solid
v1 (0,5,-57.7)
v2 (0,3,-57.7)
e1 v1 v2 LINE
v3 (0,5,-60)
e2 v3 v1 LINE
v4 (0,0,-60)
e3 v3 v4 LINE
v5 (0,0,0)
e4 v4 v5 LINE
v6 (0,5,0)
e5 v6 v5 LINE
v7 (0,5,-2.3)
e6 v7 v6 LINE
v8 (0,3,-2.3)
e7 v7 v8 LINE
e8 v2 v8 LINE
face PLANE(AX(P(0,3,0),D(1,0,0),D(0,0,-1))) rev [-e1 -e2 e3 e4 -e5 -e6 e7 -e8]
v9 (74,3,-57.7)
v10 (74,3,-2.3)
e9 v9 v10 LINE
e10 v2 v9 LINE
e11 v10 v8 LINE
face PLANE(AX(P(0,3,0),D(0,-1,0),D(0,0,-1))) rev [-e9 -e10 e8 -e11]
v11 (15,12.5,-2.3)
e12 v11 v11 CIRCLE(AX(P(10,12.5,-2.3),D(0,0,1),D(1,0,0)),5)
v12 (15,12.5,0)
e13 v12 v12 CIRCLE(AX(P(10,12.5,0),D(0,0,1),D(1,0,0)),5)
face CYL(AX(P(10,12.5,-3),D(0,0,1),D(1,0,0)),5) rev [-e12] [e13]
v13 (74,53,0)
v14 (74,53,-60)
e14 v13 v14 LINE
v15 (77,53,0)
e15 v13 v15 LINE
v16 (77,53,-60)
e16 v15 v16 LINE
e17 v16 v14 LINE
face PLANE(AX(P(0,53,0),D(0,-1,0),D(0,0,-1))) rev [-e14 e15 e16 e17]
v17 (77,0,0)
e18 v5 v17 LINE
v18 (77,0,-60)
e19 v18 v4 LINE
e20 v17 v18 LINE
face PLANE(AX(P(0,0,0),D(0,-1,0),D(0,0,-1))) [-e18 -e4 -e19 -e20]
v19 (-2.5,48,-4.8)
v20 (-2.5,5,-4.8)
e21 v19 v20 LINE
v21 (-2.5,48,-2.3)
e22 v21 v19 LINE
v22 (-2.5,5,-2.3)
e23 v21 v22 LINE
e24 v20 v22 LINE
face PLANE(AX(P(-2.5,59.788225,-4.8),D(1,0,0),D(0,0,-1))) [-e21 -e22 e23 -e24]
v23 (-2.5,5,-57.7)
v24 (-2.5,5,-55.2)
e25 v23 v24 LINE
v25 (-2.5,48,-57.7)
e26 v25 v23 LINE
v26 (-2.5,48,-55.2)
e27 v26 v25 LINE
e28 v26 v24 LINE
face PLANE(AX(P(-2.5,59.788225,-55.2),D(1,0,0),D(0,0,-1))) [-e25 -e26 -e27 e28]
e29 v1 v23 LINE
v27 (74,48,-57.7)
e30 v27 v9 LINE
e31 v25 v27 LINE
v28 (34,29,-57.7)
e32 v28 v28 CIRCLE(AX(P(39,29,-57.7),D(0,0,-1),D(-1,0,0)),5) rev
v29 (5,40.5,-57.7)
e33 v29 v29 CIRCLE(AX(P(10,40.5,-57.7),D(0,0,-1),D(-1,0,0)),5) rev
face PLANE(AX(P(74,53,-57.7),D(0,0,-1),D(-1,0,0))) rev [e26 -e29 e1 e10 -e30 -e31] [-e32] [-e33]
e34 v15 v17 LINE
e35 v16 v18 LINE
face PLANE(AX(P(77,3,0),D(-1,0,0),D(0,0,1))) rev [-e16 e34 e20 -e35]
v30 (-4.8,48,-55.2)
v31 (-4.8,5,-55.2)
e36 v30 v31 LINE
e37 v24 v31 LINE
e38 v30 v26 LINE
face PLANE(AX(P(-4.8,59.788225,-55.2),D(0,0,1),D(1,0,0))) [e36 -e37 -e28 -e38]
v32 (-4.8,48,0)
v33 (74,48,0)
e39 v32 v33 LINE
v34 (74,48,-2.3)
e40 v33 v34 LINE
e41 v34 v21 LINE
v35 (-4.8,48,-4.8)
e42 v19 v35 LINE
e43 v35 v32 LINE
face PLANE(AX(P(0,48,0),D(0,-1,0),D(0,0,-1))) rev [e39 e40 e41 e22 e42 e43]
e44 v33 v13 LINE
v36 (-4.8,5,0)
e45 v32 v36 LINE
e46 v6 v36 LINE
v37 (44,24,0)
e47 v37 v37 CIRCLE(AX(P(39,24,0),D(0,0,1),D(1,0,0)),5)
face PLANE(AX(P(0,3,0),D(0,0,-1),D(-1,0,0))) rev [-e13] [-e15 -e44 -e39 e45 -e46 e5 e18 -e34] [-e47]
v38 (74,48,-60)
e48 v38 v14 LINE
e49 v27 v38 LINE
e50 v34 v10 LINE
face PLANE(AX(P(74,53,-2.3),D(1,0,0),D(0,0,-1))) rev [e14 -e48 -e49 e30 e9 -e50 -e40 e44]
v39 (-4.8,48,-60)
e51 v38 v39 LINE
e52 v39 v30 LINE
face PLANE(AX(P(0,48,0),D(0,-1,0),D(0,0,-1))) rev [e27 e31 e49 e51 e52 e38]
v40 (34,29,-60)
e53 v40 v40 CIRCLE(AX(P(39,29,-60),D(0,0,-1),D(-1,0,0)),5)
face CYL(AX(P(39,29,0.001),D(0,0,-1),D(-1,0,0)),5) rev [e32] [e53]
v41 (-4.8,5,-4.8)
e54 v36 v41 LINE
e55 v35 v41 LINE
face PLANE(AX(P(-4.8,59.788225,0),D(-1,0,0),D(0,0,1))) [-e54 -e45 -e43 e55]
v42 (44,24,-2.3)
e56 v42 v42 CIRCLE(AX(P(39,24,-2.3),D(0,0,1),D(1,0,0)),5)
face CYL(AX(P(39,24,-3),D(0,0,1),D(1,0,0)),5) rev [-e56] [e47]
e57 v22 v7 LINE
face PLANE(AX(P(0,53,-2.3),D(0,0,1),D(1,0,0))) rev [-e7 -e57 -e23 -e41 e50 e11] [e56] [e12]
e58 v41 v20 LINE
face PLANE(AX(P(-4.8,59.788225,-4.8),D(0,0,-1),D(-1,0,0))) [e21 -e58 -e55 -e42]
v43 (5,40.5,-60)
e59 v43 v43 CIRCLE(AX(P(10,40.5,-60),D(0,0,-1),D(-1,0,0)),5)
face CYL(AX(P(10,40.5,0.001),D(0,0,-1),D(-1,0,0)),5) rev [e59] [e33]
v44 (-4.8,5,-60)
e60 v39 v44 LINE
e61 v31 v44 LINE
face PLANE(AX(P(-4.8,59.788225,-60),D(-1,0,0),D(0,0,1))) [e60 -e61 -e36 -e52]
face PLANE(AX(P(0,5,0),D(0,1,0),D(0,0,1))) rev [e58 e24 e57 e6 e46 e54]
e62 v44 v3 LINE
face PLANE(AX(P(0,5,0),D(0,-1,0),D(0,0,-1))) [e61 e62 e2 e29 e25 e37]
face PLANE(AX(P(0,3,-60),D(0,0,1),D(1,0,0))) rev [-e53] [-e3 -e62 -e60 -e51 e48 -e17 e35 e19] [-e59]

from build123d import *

# Parameters (mm, degrees)
ESQUISSE1_W             = 77
ESQUISSE1_H             = 60
BOSS_EXTRU_1_DEPTH      = 3
BOSS_EXTRU_2_DEPTH      = 50
ESQUISSE3_W             = 55.4
ESQUISSE3_H             = 3
BOSS_EXTRU_3_DEPTH      = 74
ENL_V_MAT_EXTRU_2_REACH = 113.077
ESQUISSE5_R             = 5
BOSS_EXTRU_5_DEPTH      = 48
ENL_V_MAT_EXTRU_3_REACH = 113.077
ESQUISSE8_W             = 5
ESQUISSE8_H             = 10
ENL_V_MAT_EXTRU_4_DEPTH = 5
ESQUISSE10_R            = 5
ENL_V_MAT_EXTRU_5_DEPTH = 3
ESQUISSE11_W            = 74
ESQUISSE11_H            = 60
ENL_V_MAT_EXTRU_6_DEPTH = 5


with BuildPart() as part:
    # Esquisse1 → Boss.-Extru.1 (new body)
    with BuildSketch(Plane(origin=(0, 0, 0), x_dir=(1, 0, 0), z_dir=(0, 1, 0))):
        with Locations((38.5, 30)):
            Rectangle(ESQUISSE1_W, ESQUISSE1_H)
    extrude(amount=BOSS_EXTRU_1_DEPTH)

    # Esquisse2 → Boss.-Extru.2 (add)
    with BuildSketch(Plane(origin=(0, 3, 0), x_dir=(1, 0, 0), z_dir=(0, 1, 0))):
        Polygon((0, 60), (77, 60), (77, 0), (0, 0), (0, 2.3), (74, 2.3), (74, 57.7), (0, 57.7), align=None)
    extrude(amount=BOSS_EXTRU_2_DEPTH)

    # Esquisse3 → Boss.-Extru.3 (add)
    with BuildSketch(Plane.ZY.offset(-74)):
        with Locations((-30, 51.5)):
            Rectangle(ESQUISSE3_W, ESQUISSE3_H)
    extrude(amount=BOSS_EXTRU_3_DEPTH)

    # Esquisse5 → Enlèv. mat.-Extru.2 (cut, up to next)
    with BuildSketch(Plane(origin=(0, 0, -60), x_dir=(-1, 0, 0), z_dir=(0, 0, -1)), mode=Mode.PRIVATE) as enl_v_mat_extru_2_sk1:
        with Locations((-39, 29)):
            Circle(ESQUISSE5_R)
    enl_v_mat_extru_2_tool1 = extrude(enl_v_mat_extru_2_sk1.sketch, amount=-ENL_V_MAT_EXTRU_2_REACH, mode=Mode.PRIVATE) & part.part
    # Esquisse5 → Enlèv. mat.-Extru.2 (cut, up to next)
    with BuildSketch(Plane(origin=(0, 0, -60), x_dir=(-1, 0, 0), z_dir=(0, 0, -1)), mode=Mode.PRIVATE) as enl_v_mat_extru_2_sk2:
        with Locations((-10, 40.5)):
            Circle(ESQUISSE5_R)
    enl_v_mat_extru_2_tool2 = extrude(enl_v_mat_extru_2_sk2.sketch, amount=-ENL_V_MAT_EXTRU_2_REACH, mode=Mode.PRIVATE) & part.part
    add(enl_v_mat_extru_2_tool1.solids().sort_by_distance((39, 29, -60))[0], mode=Mode.SUBTRACT)
    add(enl_v_mat_extru_2_tool2.solids().sort_by_distance((10, 40.5, -60))[0], mode=Mode.SUBTRACT)

    # Esquisse7 → Boss.-Extru.5 (add)
    with BuildSketch(Plane.XZ):
        Polygon((0, 0), (-4.8, 0), (-4.8, -4.8), (-2.5, -4.8), (-2.5, -2.3), (0, -2.3), align=None)
        Polygon((0, -57.7), (0, -60), (-4.8, -60), (-4.8, -55.2), (-2.5, -55.2), (-2.5, -57.7), align=None)
    extrude(amount=-BOSS_EXTRU_5_DEPTH)

    # Esquisse8 → Enlèv. mat.-Extru.3 (cut, up to next)
    with BuildSketch(Plane(origin=(0, 53, 0), x_dir=(1, 0, 0), z_dir=(0, 1, 0)), mode=Mode.PRIVATE) as enl_v_mat_extru_3_sk1:
        with Locations((2.5, 30)):
            Rectangle(ESQUISSE8_W, ESQUISSE8_H)
    enl_v_mat_extru_3_tool1 = extrude(enl_v_mat_extru_3_sk1.sketch, amount=-ENL_V_MAT_EXTRU_3_REACH, mode=Mode.PRIVATE) & part.part
    add(enl_v_mat_extru_3_tool1.solids().sort_by_distance((2.5, 53, -30))[0], mode=Mode.SUBTRACT)

    # Esquisse9 → Enlèv. mat.-Extru.4 (cut)
    with BuildSketch(Plane.XZ):
        Polygon((0, -2.3), (-2.5, -2.3), (-2.5, -4.8), (-4.8, -4.8), (-4.8, 0), (0, 0), align=None)
        Polygon((0, -60), (0, -57.7), (-2.5, -57.7), (-2.5, -55.2), (-4.8, -55.2), (-4.8, -60), align=None)
    extrude(amount=-ENL_V_MAT_EXTRU_4_DEPTH, mode=Mode.SUBTRACT)

    # Esquisse10 → Enlèv. mat.-Extru.5 (cut)
    with BuildSketch(Plane.XY):
        with Locations((10, 12.5)):
            Circle(ESQUISSE10_R)
        with Locations((39, 24)):
            Circle(ESQUISSE10_R)
    extrude(amount=-ENL_V_MAT_EXTRU_5_DEPTH, mode=Mode.SUBTRACT)

    # Esquisse11 → Enlèv. mat.-Extru.6 (cut)
    with BuildSketch(Plane(origin=(0, 53, 0), x_dir=(1, 0, 0), z_dir=(0, 1, 0))):
        with Locations((37, 30)):
            Rectangle(ESQUISSE11_W, ESQUISSE11_H)
    extrude(amount=-ENL_V_MAT_EXTRU_6_DEPTH, mode=Mode.SUBTRACT)


solid = part.part
